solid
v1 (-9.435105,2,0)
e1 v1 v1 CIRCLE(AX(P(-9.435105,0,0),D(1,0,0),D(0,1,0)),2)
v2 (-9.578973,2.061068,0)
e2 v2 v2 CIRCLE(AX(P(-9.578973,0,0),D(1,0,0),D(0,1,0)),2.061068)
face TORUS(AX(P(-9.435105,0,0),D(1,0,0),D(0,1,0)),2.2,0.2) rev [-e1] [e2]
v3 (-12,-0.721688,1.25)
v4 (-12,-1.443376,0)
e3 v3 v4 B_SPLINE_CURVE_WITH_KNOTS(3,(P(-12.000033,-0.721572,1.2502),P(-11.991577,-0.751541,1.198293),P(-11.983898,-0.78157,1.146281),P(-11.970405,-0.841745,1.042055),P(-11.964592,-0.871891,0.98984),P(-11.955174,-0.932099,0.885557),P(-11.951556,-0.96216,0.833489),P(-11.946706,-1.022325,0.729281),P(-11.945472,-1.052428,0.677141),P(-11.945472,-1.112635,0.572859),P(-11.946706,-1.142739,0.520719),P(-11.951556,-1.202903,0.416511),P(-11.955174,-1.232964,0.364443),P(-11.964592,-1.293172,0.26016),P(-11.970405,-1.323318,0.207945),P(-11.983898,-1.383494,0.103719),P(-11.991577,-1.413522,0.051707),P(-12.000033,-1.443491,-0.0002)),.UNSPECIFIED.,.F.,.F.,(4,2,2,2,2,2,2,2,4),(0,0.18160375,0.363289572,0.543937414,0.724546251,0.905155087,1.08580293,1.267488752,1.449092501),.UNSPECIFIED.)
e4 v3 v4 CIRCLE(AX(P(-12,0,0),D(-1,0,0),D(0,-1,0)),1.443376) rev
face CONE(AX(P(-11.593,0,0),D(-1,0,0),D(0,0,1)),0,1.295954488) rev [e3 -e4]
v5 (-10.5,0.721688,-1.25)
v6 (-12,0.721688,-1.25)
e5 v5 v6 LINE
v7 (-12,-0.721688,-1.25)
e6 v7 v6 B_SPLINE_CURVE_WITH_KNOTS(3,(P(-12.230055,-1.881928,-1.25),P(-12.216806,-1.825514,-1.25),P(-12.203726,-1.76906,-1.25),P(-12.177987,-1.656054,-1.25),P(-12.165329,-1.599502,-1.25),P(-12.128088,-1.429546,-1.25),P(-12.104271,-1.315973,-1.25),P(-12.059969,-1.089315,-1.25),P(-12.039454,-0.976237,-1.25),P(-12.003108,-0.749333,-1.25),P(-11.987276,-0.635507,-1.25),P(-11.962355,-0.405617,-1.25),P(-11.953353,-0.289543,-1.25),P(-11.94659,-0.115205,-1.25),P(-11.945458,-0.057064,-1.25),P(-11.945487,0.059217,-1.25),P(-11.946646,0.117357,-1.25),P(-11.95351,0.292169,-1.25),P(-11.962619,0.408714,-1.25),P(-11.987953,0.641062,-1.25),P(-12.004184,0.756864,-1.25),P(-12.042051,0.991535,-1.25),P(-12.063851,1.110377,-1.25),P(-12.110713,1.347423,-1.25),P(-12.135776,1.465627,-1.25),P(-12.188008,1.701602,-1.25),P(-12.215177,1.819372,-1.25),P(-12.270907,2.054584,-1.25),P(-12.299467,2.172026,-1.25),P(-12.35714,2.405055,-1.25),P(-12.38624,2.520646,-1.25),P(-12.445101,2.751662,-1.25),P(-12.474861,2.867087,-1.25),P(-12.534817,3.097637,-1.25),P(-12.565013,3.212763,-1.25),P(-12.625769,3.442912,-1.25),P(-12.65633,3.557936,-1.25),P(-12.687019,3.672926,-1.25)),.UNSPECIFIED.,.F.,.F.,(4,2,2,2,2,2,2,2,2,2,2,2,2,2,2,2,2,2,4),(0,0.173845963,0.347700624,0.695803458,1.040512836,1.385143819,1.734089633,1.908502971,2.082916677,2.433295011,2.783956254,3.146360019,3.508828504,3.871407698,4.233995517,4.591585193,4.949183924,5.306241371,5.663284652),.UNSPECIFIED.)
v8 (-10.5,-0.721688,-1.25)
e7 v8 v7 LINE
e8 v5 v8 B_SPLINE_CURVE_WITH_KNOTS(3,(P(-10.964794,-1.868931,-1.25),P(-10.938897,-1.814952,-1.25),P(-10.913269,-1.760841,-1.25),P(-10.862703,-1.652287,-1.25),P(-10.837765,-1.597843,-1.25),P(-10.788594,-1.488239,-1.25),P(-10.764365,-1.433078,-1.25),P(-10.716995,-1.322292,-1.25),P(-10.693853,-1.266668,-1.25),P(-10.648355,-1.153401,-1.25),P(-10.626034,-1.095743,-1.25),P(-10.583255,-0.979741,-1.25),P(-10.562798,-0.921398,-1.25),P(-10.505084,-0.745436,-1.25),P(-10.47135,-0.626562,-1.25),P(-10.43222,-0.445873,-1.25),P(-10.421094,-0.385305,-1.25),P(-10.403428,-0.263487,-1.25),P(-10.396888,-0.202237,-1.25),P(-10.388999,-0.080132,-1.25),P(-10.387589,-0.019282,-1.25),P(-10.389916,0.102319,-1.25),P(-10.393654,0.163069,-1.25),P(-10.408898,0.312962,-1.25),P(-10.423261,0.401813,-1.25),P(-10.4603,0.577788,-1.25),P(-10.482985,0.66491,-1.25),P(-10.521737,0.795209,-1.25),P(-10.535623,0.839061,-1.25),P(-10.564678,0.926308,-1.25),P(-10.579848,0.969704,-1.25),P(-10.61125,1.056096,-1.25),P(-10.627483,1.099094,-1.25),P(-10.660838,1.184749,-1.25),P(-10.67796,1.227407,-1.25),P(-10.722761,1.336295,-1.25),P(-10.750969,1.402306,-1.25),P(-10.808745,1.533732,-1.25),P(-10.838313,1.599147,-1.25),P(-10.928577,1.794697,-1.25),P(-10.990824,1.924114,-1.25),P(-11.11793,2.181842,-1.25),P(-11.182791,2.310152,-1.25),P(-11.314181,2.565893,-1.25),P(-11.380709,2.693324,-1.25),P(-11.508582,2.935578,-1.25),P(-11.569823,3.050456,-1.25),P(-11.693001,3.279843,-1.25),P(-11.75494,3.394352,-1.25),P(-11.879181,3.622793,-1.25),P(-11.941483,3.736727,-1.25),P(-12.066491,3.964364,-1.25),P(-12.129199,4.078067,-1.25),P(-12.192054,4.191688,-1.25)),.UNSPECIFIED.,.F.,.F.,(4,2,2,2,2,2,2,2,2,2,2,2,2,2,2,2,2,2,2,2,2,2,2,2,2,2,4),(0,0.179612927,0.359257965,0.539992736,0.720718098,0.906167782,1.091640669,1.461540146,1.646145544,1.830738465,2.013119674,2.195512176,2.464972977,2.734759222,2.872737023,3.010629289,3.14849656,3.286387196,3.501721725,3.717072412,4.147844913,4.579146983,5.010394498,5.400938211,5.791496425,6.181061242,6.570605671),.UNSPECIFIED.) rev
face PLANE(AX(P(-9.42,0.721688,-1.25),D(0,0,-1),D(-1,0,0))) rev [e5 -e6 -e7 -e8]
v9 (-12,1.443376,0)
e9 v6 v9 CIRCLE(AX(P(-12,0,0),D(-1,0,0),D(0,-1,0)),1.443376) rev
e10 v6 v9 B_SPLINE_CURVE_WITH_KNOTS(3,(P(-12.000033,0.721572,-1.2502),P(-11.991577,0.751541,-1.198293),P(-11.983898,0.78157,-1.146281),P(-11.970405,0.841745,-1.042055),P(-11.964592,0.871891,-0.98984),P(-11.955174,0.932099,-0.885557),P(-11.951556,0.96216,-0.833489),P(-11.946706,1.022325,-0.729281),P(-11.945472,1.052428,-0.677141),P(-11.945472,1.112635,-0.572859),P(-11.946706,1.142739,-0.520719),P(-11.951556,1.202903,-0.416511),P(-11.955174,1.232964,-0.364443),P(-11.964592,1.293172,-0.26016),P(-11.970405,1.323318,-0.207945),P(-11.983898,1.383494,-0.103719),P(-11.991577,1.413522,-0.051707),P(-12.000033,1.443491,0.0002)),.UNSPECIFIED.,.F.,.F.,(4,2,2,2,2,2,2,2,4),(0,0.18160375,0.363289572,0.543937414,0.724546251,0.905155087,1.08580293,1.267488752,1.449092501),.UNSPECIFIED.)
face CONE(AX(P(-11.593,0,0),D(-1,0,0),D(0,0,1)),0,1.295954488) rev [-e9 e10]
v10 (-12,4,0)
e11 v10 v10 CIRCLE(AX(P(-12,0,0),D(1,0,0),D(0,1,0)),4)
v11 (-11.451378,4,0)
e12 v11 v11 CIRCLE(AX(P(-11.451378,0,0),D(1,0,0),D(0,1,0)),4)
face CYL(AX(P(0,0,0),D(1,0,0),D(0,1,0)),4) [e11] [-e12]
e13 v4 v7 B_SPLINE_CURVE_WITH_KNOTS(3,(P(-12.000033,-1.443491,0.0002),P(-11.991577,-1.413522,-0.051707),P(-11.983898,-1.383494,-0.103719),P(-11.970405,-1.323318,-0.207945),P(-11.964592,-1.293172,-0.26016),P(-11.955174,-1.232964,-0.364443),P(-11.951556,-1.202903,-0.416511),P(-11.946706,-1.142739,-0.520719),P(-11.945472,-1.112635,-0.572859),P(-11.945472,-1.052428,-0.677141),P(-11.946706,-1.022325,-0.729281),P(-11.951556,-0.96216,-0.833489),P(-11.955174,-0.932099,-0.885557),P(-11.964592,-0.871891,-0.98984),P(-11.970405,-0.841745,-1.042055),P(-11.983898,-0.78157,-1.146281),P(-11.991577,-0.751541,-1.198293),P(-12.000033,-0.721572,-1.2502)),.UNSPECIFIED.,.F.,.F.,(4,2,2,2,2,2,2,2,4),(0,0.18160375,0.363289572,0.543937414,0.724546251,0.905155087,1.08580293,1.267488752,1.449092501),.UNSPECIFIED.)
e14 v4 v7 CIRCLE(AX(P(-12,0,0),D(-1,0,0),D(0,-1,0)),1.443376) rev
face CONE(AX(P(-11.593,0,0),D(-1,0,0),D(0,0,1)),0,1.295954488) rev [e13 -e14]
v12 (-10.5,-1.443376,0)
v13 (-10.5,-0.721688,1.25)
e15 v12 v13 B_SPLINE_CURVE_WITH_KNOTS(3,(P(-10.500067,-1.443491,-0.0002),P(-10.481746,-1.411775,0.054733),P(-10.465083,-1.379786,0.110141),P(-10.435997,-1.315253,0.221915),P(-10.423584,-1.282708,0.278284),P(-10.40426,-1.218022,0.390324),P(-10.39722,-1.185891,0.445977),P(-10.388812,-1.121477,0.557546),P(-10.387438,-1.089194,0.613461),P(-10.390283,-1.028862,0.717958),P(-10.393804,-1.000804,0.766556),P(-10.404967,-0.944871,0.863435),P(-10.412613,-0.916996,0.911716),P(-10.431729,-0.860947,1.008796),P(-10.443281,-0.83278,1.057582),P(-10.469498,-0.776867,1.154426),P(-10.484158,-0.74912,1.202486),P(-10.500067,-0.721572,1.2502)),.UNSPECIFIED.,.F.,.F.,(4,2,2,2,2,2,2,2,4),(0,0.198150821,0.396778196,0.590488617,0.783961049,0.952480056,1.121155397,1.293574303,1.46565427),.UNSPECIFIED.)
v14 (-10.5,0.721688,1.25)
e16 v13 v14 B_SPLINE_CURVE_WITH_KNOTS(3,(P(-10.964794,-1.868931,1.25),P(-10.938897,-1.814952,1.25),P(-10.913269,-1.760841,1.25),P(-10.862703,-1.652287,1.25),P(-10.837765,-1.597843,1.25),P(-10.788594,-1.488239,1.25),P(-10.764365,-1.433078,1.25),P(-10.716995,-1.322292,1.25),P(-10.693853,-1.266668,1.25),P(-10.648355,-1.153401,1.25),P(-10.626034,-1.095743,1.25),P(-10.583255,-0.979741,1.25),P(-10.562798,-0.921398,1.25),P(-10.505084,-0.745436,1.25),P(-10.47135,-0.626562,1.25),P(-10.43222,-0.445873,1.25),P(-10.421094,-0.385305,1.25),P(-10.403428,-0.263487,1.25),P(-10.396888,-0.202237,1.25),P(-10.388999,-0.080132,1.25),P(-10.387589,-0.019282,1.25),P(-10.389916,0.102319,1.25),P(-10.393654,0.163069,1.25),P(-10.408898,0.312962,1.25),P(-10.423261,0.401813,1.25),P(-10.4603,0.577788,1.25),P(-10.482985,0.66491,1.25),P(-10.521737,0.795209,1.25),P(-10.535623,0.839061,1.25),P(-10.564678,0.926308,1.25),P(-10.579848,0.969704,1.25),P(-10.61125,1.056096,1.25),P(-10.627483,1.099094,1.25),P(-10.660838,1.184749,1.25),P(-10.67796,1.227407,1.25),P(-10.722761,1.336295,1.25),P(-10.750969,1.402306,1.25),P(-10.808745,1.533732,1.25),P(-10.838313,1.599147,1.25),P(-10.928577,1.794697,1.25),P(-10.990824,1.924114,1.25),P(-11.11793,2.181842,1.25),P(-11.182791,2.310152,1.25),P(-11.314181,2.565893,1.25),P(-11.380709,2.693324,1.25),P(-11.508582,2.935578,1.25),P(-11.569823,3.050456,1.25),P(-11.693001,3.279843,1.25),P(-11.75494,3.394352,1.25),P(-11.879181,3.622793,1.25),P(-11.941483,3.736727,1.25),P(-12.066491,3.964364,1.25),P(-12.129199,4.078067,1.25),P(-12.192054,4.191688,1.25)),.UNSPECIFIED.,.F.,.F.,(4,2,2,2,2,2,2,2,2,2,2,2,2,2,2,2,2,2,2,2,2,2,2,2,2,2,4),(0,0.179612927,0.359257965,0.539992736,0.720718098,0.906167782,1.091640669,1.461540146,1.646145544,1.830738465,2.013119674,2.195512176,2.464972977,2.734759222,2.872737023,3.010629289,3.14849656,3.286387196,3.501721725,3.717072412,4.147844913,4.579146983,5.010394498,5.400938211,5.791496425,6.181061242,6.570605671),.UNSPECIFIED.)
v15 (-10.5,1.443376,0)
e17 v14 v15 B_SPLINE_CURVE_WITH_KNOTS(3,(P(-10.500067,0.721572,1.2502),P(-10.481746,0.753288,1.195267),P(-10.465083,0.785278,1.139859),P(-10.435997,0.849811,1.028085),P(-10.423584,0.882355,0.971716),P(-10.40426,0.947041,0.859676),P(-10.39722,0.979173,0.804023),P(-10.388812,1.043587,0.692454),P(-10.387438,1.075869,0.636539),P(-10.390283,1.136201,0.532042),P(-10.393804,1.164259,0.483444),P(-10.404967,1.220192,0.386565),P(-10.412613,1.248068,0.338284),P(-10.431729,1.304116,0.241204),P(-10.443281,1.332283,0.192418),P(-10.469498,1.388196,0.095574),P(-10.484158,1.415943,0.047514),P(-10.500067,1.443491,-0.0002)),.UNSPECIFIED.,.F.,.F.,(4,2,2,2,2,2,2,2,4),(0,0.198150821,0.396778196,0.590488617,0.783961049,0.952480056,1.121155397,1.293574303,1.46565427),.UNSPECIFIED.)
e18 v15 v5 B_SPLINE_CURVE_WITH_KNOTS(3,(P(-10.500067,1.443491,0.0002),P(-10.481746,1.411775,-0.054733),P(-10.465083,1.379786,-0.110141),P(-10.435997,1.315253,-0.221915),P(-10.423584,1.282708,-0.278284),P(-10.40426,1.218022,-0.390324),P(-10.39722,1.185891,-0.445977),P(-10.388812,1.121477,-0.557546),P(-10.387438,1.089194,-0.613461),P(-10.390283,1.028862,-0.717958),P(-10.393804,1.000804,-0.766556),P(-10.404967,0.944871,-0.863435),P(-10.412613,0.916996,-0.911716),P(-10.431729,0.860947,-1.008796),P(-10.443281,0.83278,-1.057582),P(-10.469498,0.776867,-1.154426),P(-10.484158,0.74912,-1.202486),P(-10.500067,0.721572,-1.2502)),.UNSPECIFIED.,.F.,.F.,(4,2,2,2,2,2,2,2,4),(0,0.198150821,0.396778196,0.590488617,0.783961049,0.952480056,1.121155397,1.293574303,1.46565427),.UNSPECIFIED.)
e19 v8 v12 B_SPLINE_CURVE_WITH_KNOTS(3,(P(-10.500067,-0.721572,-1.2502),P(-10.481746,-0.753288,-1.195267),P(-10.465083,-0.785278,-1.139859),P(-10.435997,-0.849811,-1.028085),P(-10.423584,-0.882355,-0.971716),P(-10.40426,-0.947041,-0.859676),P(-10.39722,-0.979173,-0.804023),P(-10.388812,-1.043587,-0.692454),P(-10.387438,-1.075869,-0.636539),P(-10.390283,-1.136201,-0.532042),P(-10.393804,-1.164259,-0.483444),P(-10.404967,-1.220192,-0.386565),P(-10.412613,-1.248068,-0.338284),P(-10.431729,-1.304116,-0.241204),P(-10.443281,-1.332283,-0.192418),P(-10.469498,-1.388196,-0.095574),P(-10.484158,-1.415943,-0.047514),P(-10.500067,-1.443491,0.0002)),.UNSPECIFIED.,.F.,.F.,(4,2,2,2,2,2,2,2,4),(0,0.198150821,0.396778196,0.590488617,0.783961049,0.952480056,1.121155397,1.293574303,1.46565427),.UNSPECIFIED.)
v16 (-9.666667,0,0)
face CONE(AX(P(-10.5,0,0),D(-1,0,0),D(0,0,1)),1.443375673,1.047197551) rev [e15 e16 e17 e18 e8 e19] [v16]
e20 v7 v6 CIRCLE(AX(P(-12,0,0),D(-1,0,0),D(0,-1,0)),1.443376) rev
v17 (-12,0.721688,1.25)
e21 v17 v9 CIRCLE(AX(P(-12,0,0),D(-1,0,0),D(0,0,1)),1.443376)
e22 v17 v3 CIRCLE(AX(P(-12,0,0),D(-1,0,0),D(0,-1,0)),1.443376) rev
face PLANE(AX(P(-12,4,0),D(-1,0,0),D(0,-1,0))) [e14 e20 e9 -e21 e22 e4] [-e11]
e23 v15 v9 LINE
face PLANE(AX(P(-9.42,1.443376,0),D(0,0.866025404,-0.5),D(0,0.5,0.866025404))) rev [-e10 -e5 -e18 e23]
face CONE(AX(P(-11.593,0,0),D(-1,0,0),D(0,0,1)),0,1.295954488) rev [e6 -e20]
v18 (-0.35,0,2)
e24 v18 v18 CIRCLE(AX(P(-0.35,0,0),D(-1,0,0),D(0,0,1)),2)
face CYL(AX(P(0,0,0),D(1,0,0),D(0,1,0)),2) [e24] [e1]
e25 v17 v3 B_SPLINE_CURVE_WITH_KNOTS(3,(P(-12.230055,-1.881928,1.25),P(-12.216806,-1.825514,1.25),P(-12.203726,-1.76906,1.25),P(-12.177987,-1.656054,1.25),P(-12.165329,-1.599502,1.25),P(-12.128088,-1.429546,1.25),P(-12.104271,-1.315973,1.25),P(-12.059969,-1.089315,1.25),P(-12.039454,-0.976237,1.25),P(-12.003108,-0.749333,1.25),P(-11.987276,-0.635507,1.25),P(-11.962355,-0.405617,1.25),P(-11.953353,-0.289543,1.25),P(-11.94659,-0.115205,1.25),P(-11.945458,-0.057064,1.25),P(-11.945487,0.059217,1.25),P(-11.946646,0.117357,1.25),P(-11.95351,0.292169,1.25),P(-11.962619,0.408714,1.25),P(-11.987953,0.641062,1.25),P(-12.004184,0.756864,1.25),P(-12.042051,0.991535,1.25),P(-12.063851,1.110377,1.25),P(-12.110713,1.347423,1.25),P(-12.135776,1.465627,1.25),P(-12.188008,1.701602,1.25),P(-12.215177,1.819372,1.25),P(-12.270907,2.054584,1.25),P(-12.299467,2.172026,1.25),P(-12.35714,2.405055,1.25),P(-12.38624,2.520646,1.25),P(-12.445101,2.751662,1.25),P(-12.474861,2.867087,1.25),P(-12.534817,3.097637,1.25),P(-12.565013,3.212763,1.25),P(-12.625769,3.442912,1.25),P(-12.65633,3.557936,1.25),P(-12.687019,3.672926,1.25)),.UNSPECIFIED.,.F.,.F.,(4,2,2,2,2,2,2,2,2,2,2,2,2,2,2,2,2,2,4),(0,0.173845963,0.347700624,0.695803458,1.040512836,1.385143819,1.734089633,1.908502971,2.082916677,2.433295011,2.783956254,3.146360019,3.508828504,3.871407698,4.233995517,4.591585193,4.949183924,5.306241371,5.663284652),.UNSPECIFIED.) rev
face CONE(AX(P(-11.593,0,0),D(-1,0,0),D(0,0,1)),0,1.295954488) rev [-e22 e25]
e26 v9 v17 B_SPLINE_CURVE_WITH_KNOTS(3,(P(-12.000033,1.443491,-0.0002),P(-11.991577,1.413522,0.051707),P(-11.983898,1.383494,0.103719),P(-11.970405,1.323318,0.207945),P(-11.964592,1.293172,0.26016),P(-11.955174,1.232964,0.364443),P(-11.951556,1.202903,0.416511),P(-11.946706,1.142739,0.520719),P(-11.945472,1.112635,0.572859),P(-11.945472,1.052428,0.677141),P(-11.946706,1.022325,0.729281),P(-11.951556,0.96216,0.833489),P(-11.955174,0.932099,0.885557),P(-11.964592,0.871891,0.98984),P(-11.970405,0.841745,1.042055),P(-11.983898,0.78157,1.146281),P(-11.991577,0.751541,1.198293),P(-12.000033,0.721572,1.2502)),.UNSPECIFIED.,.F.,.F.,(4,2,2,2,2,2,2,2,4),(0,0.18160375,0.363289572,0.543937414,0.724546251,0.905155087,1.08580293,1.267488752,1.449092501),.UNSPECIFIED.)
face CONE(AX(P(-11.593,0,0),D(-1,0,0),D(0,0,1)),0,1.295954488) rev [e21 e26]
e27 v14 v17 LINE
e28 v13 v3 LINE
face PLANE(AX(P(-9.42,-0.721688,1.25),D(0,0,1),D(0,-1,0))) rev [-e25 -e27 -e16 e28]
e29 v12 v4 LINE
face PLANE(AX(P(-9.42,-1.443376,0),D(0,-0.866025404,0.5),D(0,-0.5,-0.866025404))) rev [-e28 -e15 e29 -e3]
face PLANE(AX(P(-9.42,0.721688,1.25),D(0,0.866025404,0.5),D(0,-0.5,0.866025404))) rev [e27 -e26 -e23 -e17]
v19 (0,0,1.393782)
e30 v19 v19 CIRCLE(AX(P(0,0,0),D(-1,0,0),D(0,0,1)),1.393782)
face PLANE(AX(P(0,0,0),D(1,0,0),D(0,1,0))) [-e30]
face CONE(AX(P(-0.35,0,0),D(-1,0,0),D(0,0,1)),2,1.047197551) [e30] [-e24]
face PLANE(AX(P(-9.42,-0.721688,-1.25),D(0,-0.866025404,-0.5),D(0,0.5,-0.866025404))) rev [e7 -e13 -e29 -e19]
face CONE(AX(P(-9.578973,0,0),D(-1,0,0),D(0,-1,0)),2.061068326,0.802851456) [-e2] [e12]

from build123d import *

# Parameters (mm, degrees)
CUT_EXTRUDE_1_DEPTH = 2.58


with BuildPart() as part:
    # 草图1 → 旋转1 (revolve)
    with BuildSketch(Plane.XY):
        with BuildLine():
            Line((0, 2), (-9.435105037, 2))
            ThreePointArc((-9.435105037, 2), (-9.513251262, 2.015899029), (-9.578972997, 2.061068326))
            Line((-9.578972997, 2.061068326), (-11.45137755, 4))
            Line((-11.45137755, 4), (-12, 4))
            Line((-12, 4), (-12, 0))
            Line((-12, 0), (0, 0))
            Line((0, 0), (0, 2))
        make_face()
    revolve(axis=Axis((0, 0, 0), (-1, 0, 0)))

    # 草图2 → 切除-拉伸1 (cut)
    with BuildSketch(Plane.ZY.offset(12)):
        Polygon((0, 1.443375673), (-1.25, 0.721687836), (-1.25, -0.721687836), (0, -1.443375673), (1.25, -0.721687836), (1.25, 0.721687836), align=None)
    extrude(amount=-CUT_EXTRUDE_1_DEPTH, mode=Mode.SUBTRACT)

    # 草图6 → 旋转2 (revolve)
    with BuildSketch(Plane.XY):
        Polygon((-10.5, 1.443375673), (-9.666666667, 0), (-9.05, 0), (-9.05, 1.443375673), align=None)
    revolve(axis=Axis((-12, 0, 0), (1, 0, 0)))

    # 草图7 → 切除-旋转2 (revolve, cut)
    with BuildSketch(Plane.XY):
        Polygon((-12, 1.443375673), (-12, 0), (-11.593, 0), align=None)
    revolve(axis=Axis((-12, 0, 0), (1, 0, 0)), mode=Mode.SUBTRACT)

    # 草图4 → 切除-旋转1 (revolve, cut)
    with BuildSketch(Plane.XY):
        Polygon((-0.35, 2), (0, 1.393782217), (0.35, 2), align=None)
    revolve(axis=Axis((-0.35, 0, 0), (1, 0, 0)), mode=Mode.SUBTRACT)


solid = part.part
